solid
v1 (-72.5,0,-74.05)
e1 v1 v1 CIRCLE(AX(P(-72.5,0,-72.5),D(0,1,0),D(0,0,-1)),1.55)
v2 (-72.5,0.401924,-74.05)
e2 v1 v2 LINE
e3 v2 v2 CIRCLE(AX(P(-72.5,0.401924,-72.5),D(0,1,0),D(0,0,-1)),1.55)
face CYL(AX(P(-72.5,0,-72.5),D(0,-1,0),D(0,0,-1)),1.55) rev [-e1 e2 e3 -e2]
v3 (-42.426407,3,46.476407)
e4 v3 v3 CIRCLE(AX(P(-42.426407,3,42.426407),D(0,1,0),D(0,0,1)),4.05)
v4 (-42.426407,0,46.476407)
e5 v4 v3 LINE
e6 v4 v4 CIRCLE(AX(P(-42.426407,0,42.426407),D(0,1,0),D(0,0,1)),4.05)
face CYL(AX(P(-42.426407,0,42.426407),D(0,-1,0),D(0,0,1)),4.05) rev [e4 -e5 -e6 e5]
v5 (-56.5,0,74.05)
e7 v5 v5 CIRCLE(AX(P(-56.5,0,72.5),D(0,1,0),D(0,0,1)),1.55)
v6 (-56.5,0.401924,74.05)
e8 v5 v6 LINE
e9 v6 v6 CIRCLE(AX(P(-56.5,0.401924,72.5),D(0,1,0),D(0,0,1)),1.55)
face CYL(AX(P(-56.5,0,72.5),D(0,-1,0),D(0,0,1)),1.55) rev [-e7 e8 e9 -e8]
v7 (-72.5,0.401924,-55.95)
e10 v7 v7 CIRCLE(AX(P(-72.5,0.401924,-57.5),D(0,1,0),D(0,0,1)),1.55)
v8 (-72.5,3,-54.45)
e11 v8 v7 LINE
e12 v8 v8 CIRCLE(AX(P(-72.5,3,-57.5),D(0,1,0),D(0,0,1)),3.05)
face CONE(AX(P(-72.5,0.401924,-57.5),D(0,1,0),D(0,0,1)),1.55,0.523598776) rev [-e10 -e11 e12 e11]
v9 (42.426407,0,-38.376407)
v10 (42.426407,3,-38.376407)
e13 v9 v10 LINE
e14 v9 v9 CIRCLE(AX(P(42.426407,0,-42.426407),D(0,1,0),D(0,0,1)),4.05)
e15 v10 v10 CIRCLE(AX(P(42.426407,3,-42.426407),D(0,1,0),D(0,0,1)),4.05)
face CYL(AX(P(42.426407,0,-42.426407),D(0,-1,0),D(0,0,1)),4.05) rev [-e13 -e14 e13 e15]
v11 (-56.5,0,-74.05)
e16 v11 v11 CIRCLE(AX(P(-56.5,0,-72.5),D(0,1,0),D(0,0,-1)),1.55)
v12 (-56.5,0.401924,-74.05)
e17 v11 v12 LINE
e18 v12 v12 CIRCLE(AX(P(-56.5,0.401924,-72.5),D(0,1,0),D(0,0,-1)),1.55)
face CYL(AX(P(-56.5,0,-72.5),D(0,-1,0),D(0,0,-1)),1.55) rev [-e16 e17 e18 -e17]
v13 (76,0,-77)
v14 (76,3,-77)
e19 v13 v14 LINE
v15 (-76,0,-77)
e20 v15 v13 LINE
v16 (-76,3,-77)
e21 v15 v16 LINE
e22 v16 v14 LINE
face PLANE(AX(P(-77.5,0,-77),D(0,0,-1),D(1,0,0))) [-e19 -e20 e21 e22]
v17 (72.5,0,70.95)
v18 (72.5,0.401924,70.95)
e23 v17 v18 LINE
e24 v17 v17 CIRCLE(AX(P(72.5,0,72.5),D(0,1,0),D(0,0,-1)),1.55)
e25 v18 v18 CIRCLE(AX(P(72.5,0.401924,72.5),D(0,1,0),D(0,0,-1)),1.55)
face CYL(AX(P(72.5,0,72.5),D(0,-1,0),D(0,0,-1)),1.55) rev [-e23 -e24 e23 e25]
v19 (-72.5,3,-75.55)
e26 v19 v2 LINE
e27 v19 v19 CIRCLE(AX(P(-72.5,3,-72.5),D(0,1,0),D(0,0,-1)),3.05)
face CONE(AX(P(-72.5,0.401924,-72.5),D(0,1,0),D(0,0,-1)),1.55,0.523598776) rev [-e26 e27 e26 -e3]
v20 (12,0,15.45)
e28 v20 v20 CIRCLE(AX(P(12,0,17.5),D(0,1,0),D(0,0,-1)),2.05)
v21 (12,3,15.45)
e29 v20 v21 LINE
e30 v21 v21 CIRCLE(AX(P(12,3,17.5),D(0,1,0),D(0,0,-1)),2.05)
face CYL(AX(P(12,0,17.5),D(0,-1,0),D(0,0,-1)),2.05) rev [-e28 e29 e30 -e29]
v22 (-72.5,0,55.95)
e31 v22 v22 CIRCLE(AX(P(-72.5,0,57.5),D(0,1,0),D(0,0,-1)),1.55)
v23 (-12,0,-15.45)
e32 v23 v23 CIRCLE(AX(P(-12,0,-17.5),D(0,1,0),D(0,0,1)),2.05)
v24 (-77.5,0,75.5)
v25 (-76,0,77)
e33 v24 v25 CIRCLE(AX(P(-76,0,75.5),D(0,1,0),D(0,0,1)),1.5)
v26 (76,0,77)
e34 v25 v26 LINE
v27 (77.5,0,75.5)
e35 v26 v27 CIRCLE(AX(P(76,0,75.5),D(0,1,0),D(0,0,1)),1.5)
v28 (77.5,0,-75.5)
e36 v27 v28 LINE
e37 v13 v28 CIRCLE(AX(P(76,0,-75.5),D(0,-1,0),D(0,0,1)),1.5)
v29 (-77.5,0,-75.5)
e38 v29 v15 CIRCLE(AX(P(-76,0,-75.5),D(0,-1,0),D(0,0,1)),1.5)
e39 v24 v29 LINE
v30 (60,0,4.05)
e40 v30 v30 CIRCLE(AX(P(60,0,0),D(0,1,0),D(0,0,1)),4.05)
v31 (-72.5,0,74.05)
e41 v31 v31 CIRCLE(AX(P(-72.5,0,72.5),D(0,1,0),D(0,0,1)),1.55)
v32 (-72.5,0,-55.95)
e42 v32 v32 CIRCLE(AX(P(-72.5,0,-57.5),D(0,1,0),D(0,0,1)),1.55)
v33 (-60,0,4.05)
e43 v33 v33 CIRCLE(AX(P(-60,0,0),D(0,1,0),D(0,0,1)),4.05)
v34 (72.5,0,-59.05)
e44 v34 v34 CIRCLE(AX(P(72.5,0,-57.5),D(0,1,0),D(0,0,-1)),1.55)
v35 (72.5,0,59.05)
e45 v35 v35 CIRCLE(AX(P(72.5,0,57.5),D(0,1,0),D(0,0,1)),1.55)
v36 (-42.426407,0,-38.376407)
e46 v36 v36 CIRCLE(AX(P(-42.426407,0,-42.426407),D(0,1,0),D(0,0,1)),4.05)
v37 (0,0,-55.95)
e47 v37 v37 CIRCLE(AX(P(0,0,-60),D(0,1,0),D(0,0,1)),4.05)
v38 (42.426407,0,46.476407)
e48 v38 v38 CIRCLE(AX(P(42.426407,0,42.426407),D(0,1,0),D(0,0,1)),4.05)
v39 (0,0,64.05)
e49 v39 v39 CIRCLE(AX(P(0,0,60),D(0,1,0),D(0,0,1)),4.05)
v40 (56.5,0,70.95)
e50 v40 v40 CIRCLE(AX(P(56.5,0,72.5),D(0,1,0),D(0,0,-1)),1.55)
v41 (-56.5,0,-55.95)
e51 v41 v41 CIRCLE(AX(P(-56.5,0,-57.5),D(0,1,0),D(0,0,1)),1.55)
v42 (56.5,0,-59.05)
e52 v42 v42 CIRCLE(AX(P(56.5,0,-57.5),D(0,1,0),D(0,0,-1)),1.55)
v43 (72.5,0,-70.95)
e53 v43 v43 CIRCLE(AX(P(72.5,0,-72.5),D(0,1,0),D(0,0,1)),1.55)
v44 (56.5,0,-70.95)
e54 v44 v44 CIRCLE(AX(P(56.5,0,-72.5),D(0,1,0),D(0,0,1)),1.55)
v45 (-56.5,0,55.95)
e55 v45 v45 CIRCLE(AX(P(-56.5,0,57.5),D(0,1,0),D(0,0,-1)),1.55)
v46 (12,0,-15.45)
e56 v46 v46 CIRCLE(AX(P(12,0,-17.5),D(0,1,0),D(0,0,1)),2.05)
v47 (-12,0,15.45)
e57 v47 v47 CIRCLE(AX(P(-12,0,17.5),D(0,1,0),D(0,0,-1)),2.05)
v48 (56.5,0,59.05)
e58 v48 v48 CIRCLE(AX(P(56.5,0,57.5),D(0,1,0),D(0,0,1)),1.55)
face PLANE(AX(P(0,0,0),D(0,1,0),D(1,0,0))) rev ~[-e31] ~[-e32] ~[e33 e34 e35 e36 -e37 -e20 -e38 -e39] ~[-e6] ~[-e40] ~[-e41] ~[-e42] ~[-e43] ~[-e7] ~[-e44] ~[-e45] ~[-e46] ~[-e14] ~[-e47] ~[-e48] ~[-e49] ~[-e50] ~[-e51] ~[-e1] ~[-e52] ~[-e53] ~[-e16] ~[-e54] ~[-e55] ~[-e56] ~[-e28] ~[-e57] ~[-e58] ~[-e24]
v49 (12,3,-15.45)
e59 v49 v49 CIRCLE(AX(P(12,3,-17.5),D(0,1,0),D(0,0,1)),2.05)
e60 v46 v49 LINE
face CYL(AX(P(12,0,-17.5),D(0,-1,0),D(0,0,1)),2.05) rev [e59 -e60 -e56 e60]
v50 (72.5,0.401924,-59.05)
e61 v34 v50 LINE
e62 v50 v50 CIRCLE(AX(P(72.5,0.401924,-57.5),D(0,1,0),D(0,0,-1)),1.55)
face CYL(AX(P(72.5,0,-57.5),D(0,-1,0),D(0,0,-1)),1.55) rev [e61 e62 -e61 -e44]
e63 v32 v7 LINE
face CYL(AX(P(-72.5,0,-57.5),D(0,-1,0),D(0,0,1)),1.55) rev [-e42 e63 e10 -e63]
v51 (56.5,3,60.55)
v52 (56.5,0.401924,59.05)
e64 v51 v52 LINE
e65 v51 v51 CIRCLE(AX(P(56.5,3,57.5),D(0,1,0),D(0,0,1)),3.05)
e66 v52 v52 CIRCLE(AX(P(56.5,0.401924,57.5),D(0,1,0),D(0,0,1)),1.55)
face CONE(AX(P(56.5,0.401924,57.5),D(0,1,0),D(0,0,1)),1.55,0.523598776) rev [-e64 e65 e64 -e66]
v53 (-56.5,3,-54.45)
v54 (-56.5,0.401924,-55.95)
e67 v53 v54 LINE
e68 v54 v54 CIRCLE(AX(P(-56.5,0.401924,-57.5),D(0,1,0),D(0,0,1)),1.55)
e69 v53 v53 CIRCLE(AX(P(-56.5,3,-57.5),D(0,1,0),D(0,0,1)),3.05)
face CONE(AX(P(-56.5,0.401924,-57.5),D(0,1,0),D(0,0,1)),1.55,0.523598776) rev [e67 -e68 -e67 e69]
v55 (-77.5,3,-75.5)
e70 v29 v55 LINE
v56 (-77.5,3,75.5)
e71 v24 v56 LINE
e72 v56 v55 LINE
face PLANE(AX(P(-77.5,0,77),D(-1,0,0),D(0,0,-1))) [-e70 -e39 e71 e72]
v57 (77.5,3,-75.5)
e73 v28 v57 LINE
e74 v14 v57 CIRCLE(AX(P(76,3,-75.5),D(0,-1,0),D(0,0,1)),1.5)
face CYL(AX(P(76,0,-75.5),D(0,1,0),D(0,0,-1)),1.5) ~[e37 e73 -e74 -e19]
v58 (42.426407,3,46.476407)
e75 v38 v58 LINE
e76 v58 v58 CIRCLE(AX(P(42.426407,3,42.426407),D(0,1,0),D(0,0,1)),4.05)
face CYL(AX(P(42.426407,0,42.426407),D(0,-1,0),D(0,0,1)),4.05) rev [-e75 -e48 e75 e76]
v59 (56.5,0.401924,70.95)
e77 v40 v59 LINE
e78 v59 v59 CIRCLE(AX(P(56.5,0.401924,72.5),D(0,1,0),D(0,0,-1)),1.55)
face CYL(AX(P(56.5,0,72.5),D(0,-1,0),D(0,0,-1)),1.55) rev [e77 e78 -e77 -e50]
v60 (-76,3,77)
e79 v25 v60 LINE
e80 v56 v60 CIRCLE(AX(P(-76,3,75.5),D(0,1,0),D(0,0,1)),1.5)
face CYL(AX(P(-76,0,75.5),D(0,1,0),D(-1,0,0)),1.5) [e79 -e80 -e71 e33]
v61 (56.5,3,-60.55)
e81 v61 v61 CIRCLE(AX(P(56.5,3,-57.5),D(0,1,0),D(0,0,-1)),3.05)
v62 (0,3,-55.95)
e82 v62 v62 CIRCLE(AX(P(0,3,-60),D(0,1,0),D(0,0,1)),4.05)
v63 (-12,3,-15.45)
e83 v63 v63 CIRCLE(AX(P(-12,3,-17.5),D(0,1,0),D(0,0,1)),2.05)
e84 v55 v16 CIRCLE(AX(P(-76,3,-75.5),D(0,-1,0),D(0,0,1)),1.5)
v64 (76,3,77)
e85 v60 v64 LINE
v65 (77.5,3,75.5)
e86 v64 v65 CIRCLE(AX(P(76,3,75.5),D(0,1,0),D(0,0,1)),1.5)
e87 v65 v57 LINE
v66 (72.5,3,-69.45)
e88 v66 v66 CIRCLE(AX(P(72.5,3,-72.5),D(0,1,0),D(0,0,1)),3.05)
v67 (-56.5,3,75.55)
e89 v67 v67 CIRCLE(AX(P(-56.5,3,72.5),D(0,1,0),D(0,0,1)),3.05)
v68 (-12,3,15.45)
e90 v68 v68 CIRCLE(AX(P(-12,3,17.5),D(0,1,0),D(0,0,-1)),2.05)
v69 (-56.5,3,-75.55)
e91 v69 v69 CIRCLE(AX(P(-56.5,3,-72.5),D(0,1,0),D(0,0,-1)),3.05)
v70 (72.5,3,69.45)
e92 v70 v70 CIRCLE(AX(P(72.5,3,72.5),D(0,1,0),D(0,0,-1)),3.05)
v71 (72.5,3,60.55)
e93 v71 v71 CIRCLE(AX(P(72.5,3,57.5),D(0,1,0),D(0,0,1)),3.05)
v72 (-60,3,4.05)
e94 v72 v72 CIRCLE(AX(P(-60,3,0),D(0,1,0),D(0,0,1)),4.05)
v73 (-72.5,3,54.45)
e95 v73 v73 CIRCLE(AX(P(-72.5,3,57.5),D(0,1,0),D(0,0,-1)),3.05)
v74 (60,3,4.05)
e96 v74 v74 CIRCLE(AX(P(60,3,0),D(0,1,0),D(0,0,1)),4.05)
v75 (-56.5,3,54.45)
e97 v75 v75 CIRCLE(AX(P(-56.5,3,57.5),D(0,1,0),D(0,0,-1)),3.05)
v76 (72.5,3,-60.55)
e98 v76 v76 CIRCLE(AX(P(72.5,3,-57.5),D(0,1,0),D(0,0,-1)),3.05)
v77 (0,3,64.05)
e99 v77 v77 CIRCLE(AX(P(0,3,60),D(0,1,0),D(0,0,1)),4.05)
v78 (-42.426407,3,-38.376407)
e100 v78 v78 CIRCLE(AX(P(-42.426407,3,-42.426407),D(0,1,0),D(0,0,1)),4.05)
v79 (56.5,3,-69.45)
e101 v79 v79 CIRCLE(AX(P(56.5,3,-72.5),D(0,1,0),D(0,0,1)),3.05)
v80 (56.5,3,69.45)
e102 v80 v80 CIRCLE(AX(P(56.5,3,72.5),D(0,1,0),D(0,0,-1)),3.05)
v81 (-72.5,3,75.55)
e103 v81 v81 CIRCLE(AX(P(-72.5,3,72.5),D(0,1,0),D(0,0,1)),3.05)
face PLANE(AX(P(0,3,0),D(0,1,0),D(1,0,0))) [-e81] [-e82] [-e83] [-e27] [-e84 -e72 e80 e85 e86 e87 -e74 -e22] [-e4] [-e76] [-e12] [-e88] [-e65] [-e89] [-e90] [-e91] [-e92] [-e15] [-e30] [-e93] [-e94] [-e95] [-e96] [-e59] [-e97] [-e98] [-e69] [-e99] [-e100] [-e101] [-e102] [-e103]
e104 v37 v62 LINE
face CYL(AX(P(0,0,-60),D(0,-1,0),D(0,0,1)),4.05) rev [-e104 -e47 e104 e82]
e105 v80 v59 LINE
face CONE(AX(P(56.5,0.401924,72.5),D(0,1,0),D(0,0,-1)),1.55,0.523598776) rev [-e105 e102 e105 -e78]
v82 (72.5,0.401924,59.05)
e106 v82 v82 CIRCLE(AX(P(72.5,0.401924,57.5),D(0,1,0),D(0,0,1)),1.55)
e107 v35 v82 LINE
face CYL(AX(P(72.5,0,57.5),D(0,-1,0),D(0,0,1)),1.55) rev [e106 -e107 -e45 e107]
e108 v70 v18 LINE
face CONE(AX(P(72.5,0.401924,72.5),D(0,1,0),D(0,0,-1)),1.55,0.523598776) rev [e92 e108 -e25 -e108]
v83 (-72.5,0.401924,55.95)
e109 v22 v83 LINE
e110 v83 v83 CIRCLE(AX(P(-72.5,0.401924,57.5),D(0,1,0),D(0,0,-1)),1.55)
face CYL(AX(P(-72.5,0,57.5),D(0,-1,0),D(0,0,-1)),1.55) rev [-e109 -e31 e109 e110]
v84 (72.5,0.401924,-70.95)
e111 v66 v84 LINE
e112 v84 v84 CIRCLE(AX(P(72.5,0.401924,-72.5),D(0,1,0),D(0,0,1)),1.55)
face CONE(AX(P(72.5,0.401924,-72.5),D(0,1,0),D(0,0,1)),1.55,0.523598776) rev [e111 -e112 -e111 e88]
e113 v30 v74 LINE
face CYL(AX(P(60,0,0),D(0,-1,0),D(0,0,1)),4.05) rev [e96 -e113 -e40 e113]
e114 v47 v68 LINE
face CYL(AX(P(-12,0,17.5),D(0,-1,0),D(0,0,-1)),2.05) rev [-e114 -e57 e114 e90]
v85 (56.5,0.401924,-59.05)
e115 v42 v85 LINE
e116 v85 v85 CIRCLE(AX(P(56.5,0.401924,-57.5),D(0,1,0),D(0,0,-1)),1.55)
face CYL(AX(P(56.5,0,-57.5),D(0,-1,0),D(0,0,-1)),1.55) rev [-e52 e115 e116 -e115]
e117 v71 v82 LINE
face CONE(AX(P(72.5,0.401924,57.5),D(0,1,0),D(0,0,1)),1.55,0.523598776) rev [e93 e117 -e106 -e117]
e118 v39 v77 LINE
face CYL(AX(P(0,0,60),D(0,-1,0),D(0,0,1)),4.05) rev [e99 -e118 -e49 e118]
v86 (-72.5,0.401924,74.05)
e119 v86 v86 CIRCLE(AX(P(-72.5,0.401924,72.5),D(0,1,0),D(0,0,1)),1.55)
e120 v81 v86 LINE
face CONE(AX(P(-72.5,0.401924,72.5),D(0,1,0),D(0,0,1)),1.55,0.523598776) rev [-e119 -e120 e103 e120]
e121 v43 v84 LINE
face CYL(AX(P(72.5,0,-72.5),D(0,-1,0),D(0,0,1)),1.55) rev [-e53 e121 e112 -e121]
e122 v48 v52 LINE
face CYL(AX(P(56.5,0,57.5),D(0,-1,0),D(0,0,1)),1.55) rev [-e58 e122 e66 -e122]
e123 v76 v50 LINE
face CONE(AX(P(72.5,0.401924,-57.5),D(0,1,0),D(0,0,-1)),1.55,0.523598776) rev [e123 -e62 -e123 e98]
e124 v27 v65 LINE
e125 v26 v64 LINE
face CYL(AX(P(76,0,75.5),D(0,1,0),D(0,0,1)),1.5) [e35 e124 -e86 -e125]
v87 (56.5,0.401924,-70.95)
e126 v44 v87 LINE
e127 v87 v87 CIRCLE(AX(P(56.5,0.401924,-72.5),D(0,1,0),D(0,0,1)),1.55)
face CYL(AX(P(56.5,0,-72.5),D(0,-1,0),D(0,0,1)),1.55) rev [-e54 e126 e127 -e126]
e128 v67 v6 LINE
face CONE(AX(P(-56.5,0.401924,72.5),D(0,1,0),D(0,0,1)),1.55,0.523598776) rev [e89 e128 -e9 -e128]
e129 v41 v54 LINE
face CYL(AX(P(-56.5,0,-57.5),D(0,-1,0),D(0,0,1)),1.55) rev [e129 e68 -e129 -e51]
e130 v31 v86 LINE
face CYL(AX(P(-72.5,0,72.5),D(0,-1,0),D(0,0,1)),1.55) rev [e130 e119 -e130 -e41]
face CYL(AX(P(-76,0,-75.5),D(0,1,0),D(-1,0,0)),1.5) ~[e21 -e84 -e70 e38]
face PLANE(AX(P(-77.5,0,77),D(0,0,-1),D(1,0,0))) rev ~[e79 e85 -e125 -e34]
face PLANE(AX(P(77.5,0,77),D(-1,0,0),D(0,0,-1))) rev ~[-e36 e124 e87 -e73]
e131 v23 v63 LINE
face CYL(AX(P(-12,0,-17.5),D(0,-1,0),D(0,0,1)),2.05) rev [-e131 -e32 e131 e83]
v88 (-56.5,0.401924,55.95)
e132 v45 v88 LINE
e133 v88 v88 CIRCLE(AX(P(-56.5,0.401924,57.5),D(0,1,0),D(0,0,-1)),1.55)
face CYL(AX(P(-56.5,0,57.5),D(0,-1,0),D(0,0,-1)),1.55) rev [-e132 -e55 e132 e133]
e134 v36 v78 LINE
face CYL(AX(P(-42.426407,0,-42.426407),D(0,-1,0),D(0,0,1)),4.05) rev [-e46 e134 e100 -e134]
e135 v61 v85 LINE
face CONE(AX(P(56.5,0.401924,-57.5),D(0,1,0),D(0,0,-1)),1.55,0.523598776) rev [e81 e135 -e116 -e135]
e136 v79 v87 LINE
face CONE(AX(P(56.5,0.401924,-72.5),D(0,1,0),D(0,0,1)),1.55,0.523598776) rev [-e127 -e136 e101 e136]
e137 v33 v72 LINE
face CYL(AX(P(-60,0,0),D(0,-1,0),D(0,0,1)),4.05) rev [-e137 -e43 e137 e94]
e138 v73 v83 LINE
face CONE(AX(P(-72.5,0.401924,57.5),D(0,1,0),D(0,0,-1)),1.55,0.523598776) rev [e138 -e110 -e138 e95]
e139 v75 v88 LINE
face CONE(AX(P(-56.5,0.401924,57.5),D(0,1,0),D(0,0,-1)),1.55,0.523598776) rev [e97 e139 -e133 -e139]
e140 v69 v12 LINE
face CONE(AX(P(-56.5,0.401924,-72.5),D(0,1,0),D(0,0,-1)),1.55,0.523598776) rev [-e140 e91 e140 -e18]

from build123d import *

# Parameters (mm, degrees)
SKETCH_1_W      = 155
SKETCH_1_H      = 154
SKETCH_1_R      = 1.55
SKETCH_1_R_2    = 2.05
SKETCH_1_R_3    = 4.05
EXTRUDE_1_DEPTH = 3
FILLET_1_R      = 1.5
CHAMFER_1_SIZE  = 1.5
CHAMFER_1_SIZE2 = 2.598076211


with BuildPart() as part:
    # 草图1 → 凸台-拉伸1 (new body)
    with BuildSketch(Plane(origin=(0, 0, 0), x_dir=(1, 0, 0), z_dir=(0, 1, 0))):
        Rectangle(SKETCH_1_W, SKETCH_1_H)
        with Locations(Location((56.5, 72.5, 0), (0, 0, 270))):
            Circle(SKETCH_1_R, mode=Mode.SUBTRACT)
        with Locations(Location((72.5, 72.5, 0), (0, 0, 270))):
            Circle(SKETCH_1_R, mode=Mode.SUBTRACT)
        with Locations(Location((72.5, 57.5, 0), (0, 0, 90))):
            Circle(SKETCH_1_R, mode=Mode.SUBTRACT)
        with Locations(Location((56.5, 57.5, 0), (0, 0, 90))):
            Circle(SKETCH_1_R, mode=Mode.SUBTRACT)
        with Locations(Location((-56.5, 57.5, 0), (0, 0, 270))):
            Circle(SKETCH_1_R, mode=Mode.SUBTRACT)
        with Locations(Location((-72.5, 57.5, 0), (0, 0, 270))):
            Circle(SKETCH_1_R, mode=Mode.SUBTRACT)
        with Locations(Location((-72.5, 72.5, 0), (0, 0, 90))):
            Circle(SKETCH_1_R, mode=Mode.SUBTRACT)
        with Locations(Location((-56.5, 72.5, 0), (0, 0, 90))):
            Circle(SKETCH_1_R, mode=Mode.SUBTRACT)
        with Locations(Location((56.5, -57.5, 0), (0, 0, 270))):
            Circle(SKETCH_1_R, mode=Mode.SUBTRACT)
        with Locations(Location((72.5, -57.5, 0), (0, 0, 270))):
            Circle(SKETCH_1_R, mode=Mode.SUBTRACT)
        with Locations(Location((72.5, -72.5, 0), (0, 0, 90))):
            Circle(SKETCH_1_R, mode=Mode.SUBTRACT)
        with Locations(Location((56.5, -72.5, 0), (0, 0, 90))):
            Circle(SKETCH_1_R, mode=Mode.SUBTRACT)
        with Locations(Location((-56.5, -57.5, 0), (0, 0, 90))):
            Circle(SKETCH_1_R, mode=Mode.SUBTRACT)
        with Locations(Location((-72.5, -57.5, 0), (0, 0, 90))):
            Circle(SKETCH_1_R, mode=Mode.SUBTRACT)
        with Locations(Location((-56.5, -72.5, 0), (0, 0, 270))):
            Circle(SKETCH_1_R, mode=Mode.SUBTRACT)
        with Locations(Location((-72.5, -72.5, 0), (0, 0, 270))):
            Circle(SKETCH_1_R, mode=Mode.SUBTRACT)
        with Locations(Location((-12, 17.5, 0), (0, 0, 270))):
            Circle(SKETCH_1_R_2, mode=Mode.SUBTRACT)
        with Locations(Location((12, 17.5, 0), (0, 0, 270))):
            Circle(SKETCH_1_R_2, mode=Mode.SUBTRACT)
        with Locations(Location((12, -17.5, 0), (0, 0, 90))):
            Circle(SKETCH_1_R_2, mode=Mode.SUBTRACT)
        with Locations(Location((-12, -17.5, 0), (0, 0, 90))):
            Circle(SKETCH_1_R_2, mode=Mode.SUBTRACT)
        with Locations(Location((60, 0, 0), (0, 0, 270))):
            Circle(SKETCH_1_R_3, mode=Mode.SUBTRACT)
        with Locations(Location((42.426406871, -42.426406871, 0), (0, 0, 270))):
            Circle(SKETCH_1_R_3, mode=Mode.SUBTRACT)
        with Locations(Location((0, -60, 0), (0, 0, 270))):
            Circle(SKETCH_1_R_3, mode=Mode.SUBTRACT)
        with Locations(Location((-42.426406871, -42.426406871, 0), (0, 0, 270))):
            Circle(SKETCH_1_R_3, mode=Mode.SUBTRACT)
        with Locations(Location((-60, 0, 0), (0, 0, 270))):
            Circle(SKETCH_1_R_3, mode=Mode.SUBTRACT)
        with Locations(Location((-42.426406871, 42.426406871, 0), (0, 0, 270))):
            Circle(SKETCH_1_R_3, mode=Mode.SUBTRACT)
        with Locations(Location((0, 60, 0), (0, 0, 270))):
            Circle(SKETCH_1_R_3, mode=Mode.SUBTRACT)
        with Locations(Location((42.426406871, 42.426406871, 0), (0, 0, 270))):
            Circle(SKETCH_1_R_3, mode=Mode.SUBTRACT)
    extrude(amount=EXTRUDE_1_DEPTH)

    # 圆角1
    fillet_1_edges = [part.edges().sort_by_distance(p)[0] for p in [
        (-77.5, 1.5, -77),
        (77.5, 1.5, -77),
        (77.5, 1.5, 77),
        (-77.5, 1.5, 77),
    ]]
    fillet(fillet_1_edges, radius=FILLET_1_R)

    # 倒角1
    chamfer_1_edges = [part.edges().sort_by_distance(p)[0] for p in [
        (72.5, 3, -74.05),
        (72.5, 3, -55.95),
        (56.5, 3, -74.05),
        (56.5, 3, -55.95),
        (-56.5, 3, -59.05),
        (-72.5, 3, -59.05),
        (-72.5, 3, -70.95),
        (-56.5, 3, -70.95),
        (56.5, 3, 55.95),
        (72.5, 3, 55.95),
        (72.5, 3, 74.05),
        (56.5, 3, 74.05),
        (-56.5, 3, 59.05),
        (-72.5, 3, 59.05),
        (-56.5, 3, 70.95),
        (-72.5, 3, 70.95),
    ]]
    chamfer_1_side = [part.faces().sort_by_distance(p)[0] for p in [
        (0, 3, 0),
    ]]
    chamfer(chamfer_1_edges, length=CHAMFER_1_SIZE, length2=CHAMFER_1_SIZE2, reference=chamfer_1_side[0])


solid = part.part
